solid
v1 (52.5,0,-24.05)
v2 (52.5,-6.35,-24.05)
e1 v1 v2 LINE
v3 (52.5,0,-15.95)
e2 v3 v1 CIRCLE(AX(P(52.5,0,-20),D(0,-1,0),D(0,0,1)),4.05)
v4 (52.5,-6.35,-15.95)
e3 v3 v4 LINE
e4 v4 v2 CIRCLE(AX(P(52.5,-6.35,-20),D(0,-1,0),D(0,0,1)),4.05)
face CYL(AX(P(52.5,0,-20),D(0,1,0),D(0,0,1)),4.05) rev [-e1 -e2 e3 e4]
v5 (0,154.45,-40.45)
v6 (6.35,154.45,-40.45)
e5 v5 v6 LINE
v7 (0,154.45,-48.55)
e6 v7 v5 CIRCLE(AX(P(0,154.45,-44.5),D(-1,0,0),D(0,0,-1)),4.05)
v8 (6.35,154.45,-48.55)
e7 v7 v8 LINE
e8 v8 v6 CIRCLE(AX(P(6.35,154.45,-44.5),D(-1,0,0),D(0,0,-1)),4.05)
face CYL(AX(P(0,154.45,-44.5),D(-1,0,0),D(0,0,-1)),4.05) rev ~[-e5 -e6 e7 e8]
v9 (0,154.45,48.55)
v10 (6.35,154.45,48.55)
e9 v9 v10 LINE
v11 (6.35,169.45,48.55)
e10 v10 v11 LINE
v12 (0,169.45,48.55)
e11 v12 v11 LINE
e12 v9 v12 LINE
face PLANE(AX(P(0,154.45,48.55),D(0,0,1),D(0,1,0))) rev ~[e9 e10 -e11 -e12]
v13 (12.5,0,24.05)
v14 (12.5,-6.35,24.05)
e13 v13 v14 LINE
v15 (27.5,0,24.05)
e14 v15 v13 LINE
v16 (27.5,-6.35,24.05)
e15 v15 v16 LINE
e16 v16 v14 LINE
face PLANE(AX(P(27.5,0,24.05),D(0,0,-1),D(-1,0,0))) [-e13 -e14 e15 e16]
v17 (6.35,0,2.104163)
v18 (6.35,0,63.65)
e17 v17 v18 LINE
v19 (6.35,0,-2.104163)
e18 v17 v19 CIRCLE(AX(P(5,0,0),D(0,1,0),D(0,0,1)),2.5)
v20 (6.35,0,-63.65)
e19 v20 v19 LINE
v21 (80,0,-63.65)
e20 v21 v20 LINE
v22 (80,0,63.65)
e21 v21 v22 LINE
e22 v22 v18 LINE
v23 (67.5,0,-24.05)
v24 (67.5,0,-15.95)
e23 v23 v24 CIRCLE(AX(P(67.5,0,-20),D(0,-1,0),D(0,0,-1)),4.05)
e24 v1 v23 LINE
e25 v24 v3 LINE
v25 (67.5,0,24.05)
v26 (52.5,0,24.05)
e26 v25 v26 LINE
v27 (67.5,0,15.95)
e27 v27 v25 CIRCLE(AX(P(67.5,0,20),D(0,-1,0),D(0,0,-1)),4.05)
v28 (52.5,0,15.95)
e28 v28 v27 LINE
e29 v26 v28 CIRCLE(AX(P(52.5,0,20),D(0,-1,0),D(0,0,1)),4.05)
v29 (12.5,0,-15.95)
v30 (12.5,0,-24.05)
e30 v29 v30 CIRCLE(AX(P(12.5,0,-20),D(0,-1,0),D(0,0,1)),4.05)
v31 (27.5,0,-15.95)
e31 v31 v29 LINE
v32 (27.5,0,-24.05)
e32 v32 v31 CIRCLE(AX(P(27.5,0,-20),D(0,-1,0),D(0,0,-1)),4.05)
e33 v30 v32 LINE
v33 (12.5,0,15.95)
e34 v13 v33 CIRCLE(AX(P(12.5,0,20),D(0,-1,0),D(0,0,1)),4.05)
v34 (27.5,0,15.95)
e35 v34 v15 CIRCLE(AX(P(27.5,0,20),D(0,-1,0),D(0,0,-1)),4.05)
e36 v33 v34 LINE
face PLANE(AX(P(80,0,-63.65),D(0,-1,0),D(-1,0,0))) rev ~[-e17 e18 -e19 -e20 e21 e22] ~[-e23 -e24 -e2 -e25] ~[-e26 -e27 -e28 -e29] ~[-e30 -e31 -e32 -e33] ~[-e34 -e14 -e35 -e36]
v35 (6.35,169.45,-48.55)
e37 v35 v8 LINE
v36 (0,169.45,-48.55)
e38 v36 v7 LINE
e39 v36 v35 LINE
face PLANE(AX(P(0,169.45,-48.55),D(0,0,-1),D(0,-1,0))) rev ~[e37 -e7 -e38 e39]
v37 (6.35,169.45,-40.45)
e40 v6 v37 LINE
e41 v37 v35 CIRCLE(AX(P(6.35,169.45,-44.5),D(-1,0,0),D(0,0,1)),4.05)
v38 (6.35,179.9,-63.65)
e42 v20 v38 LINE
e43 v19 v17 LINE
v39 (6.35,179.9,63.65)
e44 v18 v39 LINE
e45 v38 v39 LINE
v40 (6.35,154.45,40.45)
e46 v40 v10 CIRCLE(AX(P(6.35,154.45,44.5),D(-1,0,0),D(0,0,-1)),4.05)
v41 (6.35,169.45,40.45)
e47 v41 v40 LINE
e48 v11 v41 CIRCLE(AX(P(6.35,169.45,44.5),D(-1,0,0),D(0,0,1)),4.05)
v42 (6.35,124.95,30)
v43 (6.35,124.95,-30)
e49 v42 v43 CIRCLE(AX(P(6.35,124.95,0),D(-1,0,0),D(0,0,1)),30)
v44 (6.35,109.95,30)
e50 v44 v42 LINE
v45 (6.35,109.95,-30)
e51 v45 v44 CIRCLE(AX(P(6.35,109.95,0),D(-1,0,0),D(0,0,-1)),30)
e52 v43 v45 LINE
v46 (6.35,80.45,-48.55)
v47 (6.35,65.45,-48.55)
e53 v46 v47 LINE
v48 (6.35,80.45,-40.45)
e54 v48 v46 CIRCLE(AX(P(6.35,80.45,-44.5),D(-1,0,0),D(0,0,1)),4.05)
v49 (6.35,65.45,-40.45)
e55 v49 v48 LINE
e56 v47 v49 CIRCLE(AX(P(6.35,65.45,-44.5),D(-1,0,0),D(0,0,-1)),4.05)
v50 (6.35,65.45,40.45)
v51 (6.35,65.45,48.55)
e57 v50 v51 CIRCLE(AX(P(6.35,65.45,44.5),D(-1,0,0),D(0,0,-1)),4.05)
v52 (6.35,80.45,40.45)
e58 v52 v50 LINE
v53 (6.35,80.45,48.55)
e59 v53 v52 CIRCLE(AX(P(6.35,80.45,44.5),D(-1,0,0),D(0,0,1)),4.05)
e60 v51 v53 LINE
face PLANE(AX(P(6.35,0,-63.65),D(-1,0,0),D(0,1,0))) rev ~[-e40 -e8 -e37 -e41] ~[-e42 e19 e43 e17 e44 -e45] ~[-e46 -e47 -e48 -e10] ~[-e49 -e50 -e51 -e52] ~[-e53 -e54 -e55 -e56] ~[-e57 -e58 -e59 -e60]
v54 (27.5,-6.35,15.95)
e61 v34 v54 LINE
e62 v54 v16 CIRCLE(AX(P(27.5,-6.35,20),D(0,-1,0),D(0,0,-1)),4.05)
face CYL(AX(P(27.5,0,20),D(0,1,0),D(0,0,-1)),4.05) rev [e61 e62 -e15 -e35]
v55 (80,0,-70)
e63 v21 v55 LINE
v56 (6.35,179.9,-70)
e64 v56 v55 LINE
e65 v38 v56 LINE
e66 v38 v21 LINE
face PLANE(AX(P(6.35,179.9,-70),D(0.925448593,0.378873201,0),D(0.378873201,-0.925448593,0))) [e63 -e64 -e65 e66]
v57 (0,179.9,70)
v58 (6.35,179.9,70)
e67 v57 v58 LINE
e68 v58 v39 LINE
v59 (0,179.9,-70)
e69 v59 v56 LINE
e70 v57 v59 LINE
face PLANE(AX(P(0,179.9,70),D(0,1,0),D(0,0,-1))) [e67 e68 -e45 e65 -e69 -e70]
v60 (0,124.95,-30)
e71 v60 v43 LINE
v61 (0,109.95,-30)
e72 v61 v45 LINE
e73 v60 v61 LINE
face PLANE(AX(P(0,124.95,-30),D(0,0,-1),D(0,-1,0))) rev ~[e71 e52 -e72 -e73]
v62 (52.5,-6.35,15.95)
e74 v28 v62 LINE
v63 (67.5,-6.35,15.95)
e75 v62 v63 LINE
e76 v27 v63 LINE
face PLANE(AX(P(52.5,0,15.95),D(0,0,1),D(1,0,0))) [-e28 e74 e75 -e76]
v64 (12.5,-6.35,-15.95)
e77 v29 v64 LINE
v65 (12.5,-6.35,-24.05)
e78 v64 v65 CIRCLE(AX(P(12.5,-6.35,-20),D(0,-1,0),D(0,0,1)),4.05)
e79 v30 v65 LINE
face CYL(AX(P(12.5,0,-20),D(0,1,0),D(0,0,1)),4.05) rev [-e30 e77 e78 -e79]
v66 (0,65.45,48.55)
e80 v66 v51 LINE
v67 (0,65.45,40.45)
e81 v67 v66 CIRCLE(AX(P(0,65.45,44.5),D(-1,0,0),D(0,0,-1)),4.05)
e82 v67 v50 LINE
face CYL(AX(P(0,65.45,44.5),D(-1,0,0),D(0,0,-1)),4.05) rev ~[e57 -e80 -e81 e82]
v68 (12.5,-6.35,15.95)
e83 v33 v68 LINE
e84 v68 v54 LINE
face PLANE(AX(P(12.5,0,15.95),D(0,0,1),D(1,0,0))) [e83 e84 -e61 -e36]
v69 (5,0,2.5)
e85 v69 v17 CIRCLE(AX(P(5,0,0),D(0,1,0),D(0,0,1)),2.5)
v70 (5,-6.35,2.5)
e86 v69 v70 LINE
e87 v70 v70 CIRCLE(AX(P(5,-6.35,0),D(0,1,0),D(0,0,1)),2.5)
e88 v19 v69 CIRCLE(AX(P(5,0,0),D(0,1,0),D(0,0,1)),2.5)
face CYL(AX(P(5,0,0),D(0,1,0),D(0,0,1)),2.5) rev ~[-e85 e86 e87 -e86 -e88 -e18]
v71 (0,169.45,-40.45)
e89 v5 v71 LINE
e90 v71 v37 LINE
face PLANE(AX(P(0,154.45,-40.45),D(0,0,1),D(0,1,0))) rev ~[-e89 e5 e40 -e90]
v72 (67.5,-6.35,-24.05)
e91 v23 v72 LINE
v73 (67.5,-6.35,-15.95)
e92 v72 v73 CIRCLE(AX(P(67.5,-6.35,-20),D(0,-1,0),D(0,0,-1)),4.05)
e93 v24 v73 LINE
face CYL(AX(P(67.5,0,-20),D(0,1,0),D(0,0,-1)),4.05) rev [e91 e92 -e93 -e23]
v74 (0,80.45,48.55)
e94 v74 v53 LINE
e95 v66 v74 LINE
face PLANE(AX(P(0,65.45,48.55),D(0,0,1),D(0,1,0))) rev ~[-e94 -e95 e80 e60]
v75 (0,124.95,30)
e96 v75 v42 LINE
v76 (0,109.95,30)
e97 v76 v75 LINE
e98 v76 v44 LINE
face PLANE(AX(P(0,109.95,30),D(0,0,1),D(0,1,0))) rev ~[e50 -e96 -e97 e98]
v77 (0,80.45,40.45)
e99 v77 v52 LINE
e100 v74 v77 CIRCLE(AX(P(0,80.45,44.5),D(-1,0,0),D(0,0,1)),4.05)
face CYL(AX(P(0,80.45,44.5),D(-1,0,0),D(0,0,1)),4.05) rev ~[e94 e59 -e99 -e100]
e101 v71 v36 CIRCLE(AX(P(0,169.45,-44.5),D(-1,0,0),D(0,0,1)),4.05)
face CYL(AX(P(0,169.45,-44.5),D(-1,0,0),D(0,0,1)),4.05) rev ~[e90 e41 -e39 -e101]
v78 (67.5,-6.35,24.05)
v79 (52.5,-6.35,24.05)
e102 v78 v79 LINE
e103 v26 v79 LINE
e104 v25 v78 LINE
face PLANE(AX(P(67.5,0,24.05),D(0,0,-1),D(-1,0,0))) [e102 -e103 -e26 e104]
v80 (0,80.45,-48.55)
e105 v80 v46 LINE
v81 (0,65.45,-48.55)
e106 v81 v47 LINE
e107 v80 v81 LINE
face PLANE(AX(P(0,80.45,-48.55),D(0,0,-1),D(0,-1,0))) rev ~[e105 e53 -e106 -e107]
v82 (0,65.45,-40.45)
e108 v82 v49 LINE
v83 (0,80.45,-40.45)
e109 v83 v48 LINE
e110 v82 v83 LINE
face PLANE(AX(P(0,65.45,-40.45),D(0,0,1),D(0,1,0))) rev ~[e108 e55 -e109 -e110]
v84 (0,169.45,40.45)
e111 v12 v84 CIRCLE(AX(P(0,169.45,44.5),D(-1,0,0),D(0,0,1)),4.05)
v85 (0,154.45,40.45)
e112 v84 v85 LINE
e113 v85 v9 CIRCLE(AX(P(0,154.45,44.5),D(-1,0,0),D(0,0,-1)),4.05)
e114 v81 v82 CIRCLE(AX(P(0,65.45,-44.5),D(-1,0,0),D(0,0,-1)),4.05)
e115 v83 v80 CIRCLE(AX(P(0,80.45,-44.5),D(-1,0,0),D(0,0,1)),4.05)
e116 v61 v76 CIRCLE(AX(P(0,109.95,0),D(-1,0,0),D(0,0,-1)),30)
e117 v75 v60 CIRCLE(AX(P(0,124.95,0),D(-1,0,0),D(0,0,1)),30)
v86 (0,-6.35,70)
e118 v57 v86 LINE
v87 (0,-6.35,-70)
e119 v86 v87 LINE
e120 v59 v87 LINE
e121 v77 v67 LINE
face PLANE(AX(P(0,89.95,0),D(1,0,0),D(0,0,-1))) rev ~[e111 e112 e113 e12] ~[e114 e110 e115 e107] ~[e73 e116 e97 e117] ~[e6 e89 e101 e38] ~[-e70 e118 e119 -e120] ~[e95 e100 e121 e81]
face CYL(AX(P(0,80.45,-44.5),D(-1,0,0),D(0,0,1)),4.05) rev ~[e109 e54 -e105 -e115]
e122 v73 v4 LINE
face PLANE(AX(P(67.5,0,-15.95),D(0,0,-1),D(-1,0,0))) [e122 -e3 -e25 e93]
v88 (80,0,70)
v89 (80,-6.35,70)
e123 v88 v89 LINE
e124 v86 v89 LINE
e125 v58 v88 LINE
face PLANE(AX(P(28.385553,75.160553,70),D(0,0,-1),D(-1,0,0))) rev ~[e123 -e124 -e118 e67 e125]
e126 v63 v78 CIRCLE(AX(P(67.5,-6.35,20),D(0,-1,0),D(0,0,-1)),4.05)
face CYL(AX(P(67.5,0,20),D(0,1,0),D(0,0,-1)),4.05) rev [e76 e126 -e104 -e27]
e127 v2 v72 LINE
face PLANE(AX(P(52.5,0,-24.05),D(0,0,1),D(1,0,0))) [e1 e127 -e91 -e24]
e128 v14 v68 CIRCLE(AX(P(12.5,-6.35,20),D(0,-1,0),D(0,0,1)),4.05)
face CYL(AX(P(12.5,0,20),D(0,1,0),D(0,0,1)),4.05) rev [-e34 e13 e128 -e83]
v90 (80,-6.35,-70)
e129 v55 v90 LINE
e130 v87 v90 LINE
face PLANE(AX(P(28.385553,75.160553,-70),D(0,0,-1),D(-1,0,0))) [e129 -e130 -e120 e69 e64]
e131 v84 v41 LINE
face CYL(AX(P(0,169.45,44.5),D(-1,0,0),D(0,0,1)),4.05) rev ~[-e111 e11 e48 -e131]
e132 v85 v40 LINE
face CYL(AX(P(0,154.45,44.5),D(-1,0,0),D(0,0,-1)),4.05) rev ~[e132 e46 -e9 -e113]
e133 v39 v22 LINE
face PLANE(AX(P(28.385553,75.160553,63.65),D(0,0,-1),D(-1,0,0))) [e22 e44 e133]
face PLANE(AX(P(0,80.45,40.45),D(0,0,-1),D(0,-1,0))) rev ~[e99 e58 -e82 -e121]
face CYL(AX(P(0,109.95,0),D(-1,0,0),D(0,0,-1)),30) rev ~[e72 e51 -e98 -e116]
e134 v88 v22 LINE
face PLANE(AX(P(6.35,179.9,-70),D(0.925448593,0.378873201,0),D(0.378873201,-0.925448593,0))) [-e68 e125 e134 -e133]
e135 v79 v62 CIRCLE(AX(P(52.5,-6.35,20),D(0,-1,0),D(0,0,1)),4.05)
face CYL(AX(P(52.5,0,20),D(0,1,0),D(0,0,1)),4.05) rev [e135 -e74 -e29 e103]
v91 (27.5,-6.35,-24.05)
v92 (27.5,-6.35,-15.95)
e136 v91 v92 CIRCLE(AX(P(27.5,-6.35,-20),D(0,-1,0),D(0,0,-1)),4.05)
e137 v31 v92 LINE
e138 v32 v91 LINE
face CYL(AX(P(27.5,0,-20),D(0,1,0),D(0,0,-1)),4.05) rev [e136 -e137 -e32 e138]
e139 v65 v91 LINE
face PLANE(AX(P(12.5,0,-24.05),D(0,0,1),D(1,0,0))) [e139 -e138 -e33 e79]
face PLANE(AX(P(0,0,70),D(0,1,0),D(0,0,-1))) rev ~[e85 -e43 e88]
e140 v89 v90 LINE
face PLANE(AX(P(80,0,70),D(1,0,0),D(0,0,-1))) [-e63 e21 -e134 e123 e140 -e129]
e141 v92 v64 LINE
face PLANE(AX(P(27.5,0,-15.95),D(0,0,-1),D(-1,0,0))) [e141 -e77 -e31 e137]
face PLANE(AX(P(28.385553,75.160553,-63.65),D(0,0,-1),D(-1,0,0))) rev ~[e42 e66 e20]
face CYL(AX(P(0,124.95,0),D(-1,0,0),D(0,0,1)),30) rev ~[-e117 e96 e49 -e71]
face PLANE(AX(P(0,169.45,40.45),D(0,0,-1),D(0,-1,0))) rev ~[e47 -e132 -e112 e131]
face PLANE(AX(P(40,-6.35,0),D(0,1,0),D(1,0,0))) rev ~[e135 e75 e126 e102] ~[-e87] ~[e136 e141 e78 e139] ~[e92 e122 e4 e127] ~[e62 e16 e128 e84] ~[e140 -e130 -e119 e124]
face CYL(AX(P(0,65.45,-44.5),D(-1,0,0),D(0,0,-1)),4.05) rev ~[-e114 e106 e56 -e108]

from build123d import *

# Parameters (mm, degrees)
SKETCH1_W                = 80
SKETCH1_H                = 140
SKETCH1_R                = 2.5
BOSS_EXTRUDE1_DEPTH      = 6.35
SKETCH3_W                = 140
SKETCH3_H                = 179.9
BOSS_EXTRUDE2_DEPTH      = 6.35
BOSS_EXTRUDE3_DEPTH      = 70
BOSS_EXTRUDE3_DEPTH_BACK = 70
CUT_EXTRUDE1_DEPTH       = 63.65
CUT_EXTRUDE1_DEPTH_BACK  = 63.65


with BuildPart() as part:
    # Sketch1 → Boss-Extrude1 (new body)
    with BuildSketch(Plane(origin=(0, 0, 0), x_dir=(1, 0, 0), z_dir=(0, 1, 0))):
        with Locations((40, 0)):
            Rectangle(SKETCH1_W, SKETCH1_H)
        with Locations(Location((5, 0, 0), (0, 0, 270))):
            Circle(SKETCH1_R, mode=Mode.SUBTRACT)
        with BuildLine():
            Line((12.5, 24.05), (27.5, 24.05))
            ThreePointArc((27.5, 24.05), (31.55, 20), (27.5, 15.95))
            Line((27.5, 15.95), (12.5, 15.95))
            ThreePointArc((12.5, 15.95), (8.45, 20), (12.5, 24.05))
        make_face(mode=Mode.SUBTRACT)
        with BuildLine():
            Line((52.5, 24.05), (67.5, 24.05))
            ThreePointArc((67.5, 24.05), (71.55, 20), (67.5, 15.95))
            Line((67.5, 15.95), (52.5, 15.95))
            ThreePointArc((52.5, 15.95), (48.45, 20), (52.5, 24.05))
        make_face(mode=Mode.SUBTRACT)
        with BuildLine():
            Line((52.5, -15.95), (67.5, -15.95))
            ThreePointArc((67.5, -15.95), (71.55, -20), (67.5, -24.05))
            Line((67.5, -24.05), (52.5, -24.05))
            ThreePointArc((52.5, -24.05), (48.45, -20), (52.5, -15.95))
        make_face(mode=Mode.SUBTRACT)
        with BuildLine():
            Line((12.5, -15.95), (27.5, -15.95))
            ThreePointArc((27.5, -15.95), (31.55, -20), (27.5, -24.05))
            Line((27.5, -24.05), (12.5, -24.05))
            ThreePointArc((12.5, -24.05), (8.45, -20), (12.5, -15.95))
        make_face(mode=Mode.SUBTRACT)
    extrude(amount=-BOSS_EXTRUDE1_DEPTH)

    # Sketch3 → Boss-Extrude2 (add)
    with BuildSketch(Plane(origin=(0, 0, 0), x_dir=(0, 0, -1), z_dir=(1, 0, 0))):
        with Locations((0, 89.95)):
            Rectangle(SKETCH3_W, SKETCH3_H)
        with BuildLine():
            Line((-40.45, 169.45), (-40.45, 154.45))
            ThreePointArc((-40.45, 154.45), (-44.5, 150.4), (-48.55, 154.45))
            Line((-48.55, 154.45), (-48.55, 169.45))
            ThreePointArc((-48.55, 169.45), (-44.5, 173.5), (-40.45, 169.45))
        make_face(mode=Mode.SUBTRACT)
        with BuildLine():
            Line((48.55, 169.45), (48.55, 154.45))
            ThreePointArc((48.55, 154.45), (44.5, 150.4), (40.45, 154.45))
            Line((40.45, 154.45), (40.45, 169.45))
            ThreePointArc((40.45, 169.45), (44.5, 173.5), (48.55, 169.45))
        make_face(mode=Mode.SUBTRACT)
        with BuildLine():
            Line((48.55, 80.45), (48.55, 65.45))
            ThreePointArc((48.55, 65.45), (44.5, 61.4), (40.45, 65.45))
            Line((40.45, 65.45), (40.45, 80.45))
            ThreePointArc((40.45, 80.45), (44.5, 84.5), (48.55, 80.45))
        make_face(mode=Mode.SUBTRACT)
        with BuildLine():
            Line((-40.45, 80.45), (-40.45, 65.45))
            ThreePointArc((-40.45, 65.45), (-44.5, 61.4), (-48.55, 65.45))
            Line((-48.55, 65.45), (-48.55, 80.45))
            ThreePointArc((-48.55, 80.45), (-44.5, 84.5), (-40.45, 80.45))
        make_face(mode=Mode.SUBTRACT)
        with BuildLine():
            Line((30, 124.95), (30, 109.95))
            ThreePointArc((30, 109.95), (0, 79.95), (-30, 109.95))
            Line((-30, 109.95), (-30, 124.95))
            ThreePointArc((-30, 124.95), (0, 154.95), (30, 124.95))
        make_face(mode=Mode.SUBTRACT)
    extrude(amount=BOSS_EXTRUDE2_DEPTH)

    # Sketch4 → Boss-Extrude3 (add, two sides: drawn at the far end of the back side and taken through both)
    with BuildSketch(Plane.XY.offset(-BOSS_EXTRUDE3_DEPTH_BACK)):
        Polygon((6.35, 179.9), (80, 0), (6.35, 0), align=None)
    extrude(amount=BOSS_EXTRUDE3_DEPTH + BOSS_EXTRUDE3_DEPTH_BACK)

    # Sketch5 → Cut-Extrude1 (cut, two sides: drawn at the far end of the back side and taken through both)
    with BuildSketch(Plane.XY.offset(-CUT_EXTRUDE1_DEPTH_BACK)):
        Polygon((6.35, 179.9), (80, 0), (6.35, 0), align=None)
    extrude(amount=CUT_EXTRUDE1_DEPTH + CUT_EXTRUDE1_DEPTH_BACK, mode=Mode.SUBTRACT)


solid = part.part
